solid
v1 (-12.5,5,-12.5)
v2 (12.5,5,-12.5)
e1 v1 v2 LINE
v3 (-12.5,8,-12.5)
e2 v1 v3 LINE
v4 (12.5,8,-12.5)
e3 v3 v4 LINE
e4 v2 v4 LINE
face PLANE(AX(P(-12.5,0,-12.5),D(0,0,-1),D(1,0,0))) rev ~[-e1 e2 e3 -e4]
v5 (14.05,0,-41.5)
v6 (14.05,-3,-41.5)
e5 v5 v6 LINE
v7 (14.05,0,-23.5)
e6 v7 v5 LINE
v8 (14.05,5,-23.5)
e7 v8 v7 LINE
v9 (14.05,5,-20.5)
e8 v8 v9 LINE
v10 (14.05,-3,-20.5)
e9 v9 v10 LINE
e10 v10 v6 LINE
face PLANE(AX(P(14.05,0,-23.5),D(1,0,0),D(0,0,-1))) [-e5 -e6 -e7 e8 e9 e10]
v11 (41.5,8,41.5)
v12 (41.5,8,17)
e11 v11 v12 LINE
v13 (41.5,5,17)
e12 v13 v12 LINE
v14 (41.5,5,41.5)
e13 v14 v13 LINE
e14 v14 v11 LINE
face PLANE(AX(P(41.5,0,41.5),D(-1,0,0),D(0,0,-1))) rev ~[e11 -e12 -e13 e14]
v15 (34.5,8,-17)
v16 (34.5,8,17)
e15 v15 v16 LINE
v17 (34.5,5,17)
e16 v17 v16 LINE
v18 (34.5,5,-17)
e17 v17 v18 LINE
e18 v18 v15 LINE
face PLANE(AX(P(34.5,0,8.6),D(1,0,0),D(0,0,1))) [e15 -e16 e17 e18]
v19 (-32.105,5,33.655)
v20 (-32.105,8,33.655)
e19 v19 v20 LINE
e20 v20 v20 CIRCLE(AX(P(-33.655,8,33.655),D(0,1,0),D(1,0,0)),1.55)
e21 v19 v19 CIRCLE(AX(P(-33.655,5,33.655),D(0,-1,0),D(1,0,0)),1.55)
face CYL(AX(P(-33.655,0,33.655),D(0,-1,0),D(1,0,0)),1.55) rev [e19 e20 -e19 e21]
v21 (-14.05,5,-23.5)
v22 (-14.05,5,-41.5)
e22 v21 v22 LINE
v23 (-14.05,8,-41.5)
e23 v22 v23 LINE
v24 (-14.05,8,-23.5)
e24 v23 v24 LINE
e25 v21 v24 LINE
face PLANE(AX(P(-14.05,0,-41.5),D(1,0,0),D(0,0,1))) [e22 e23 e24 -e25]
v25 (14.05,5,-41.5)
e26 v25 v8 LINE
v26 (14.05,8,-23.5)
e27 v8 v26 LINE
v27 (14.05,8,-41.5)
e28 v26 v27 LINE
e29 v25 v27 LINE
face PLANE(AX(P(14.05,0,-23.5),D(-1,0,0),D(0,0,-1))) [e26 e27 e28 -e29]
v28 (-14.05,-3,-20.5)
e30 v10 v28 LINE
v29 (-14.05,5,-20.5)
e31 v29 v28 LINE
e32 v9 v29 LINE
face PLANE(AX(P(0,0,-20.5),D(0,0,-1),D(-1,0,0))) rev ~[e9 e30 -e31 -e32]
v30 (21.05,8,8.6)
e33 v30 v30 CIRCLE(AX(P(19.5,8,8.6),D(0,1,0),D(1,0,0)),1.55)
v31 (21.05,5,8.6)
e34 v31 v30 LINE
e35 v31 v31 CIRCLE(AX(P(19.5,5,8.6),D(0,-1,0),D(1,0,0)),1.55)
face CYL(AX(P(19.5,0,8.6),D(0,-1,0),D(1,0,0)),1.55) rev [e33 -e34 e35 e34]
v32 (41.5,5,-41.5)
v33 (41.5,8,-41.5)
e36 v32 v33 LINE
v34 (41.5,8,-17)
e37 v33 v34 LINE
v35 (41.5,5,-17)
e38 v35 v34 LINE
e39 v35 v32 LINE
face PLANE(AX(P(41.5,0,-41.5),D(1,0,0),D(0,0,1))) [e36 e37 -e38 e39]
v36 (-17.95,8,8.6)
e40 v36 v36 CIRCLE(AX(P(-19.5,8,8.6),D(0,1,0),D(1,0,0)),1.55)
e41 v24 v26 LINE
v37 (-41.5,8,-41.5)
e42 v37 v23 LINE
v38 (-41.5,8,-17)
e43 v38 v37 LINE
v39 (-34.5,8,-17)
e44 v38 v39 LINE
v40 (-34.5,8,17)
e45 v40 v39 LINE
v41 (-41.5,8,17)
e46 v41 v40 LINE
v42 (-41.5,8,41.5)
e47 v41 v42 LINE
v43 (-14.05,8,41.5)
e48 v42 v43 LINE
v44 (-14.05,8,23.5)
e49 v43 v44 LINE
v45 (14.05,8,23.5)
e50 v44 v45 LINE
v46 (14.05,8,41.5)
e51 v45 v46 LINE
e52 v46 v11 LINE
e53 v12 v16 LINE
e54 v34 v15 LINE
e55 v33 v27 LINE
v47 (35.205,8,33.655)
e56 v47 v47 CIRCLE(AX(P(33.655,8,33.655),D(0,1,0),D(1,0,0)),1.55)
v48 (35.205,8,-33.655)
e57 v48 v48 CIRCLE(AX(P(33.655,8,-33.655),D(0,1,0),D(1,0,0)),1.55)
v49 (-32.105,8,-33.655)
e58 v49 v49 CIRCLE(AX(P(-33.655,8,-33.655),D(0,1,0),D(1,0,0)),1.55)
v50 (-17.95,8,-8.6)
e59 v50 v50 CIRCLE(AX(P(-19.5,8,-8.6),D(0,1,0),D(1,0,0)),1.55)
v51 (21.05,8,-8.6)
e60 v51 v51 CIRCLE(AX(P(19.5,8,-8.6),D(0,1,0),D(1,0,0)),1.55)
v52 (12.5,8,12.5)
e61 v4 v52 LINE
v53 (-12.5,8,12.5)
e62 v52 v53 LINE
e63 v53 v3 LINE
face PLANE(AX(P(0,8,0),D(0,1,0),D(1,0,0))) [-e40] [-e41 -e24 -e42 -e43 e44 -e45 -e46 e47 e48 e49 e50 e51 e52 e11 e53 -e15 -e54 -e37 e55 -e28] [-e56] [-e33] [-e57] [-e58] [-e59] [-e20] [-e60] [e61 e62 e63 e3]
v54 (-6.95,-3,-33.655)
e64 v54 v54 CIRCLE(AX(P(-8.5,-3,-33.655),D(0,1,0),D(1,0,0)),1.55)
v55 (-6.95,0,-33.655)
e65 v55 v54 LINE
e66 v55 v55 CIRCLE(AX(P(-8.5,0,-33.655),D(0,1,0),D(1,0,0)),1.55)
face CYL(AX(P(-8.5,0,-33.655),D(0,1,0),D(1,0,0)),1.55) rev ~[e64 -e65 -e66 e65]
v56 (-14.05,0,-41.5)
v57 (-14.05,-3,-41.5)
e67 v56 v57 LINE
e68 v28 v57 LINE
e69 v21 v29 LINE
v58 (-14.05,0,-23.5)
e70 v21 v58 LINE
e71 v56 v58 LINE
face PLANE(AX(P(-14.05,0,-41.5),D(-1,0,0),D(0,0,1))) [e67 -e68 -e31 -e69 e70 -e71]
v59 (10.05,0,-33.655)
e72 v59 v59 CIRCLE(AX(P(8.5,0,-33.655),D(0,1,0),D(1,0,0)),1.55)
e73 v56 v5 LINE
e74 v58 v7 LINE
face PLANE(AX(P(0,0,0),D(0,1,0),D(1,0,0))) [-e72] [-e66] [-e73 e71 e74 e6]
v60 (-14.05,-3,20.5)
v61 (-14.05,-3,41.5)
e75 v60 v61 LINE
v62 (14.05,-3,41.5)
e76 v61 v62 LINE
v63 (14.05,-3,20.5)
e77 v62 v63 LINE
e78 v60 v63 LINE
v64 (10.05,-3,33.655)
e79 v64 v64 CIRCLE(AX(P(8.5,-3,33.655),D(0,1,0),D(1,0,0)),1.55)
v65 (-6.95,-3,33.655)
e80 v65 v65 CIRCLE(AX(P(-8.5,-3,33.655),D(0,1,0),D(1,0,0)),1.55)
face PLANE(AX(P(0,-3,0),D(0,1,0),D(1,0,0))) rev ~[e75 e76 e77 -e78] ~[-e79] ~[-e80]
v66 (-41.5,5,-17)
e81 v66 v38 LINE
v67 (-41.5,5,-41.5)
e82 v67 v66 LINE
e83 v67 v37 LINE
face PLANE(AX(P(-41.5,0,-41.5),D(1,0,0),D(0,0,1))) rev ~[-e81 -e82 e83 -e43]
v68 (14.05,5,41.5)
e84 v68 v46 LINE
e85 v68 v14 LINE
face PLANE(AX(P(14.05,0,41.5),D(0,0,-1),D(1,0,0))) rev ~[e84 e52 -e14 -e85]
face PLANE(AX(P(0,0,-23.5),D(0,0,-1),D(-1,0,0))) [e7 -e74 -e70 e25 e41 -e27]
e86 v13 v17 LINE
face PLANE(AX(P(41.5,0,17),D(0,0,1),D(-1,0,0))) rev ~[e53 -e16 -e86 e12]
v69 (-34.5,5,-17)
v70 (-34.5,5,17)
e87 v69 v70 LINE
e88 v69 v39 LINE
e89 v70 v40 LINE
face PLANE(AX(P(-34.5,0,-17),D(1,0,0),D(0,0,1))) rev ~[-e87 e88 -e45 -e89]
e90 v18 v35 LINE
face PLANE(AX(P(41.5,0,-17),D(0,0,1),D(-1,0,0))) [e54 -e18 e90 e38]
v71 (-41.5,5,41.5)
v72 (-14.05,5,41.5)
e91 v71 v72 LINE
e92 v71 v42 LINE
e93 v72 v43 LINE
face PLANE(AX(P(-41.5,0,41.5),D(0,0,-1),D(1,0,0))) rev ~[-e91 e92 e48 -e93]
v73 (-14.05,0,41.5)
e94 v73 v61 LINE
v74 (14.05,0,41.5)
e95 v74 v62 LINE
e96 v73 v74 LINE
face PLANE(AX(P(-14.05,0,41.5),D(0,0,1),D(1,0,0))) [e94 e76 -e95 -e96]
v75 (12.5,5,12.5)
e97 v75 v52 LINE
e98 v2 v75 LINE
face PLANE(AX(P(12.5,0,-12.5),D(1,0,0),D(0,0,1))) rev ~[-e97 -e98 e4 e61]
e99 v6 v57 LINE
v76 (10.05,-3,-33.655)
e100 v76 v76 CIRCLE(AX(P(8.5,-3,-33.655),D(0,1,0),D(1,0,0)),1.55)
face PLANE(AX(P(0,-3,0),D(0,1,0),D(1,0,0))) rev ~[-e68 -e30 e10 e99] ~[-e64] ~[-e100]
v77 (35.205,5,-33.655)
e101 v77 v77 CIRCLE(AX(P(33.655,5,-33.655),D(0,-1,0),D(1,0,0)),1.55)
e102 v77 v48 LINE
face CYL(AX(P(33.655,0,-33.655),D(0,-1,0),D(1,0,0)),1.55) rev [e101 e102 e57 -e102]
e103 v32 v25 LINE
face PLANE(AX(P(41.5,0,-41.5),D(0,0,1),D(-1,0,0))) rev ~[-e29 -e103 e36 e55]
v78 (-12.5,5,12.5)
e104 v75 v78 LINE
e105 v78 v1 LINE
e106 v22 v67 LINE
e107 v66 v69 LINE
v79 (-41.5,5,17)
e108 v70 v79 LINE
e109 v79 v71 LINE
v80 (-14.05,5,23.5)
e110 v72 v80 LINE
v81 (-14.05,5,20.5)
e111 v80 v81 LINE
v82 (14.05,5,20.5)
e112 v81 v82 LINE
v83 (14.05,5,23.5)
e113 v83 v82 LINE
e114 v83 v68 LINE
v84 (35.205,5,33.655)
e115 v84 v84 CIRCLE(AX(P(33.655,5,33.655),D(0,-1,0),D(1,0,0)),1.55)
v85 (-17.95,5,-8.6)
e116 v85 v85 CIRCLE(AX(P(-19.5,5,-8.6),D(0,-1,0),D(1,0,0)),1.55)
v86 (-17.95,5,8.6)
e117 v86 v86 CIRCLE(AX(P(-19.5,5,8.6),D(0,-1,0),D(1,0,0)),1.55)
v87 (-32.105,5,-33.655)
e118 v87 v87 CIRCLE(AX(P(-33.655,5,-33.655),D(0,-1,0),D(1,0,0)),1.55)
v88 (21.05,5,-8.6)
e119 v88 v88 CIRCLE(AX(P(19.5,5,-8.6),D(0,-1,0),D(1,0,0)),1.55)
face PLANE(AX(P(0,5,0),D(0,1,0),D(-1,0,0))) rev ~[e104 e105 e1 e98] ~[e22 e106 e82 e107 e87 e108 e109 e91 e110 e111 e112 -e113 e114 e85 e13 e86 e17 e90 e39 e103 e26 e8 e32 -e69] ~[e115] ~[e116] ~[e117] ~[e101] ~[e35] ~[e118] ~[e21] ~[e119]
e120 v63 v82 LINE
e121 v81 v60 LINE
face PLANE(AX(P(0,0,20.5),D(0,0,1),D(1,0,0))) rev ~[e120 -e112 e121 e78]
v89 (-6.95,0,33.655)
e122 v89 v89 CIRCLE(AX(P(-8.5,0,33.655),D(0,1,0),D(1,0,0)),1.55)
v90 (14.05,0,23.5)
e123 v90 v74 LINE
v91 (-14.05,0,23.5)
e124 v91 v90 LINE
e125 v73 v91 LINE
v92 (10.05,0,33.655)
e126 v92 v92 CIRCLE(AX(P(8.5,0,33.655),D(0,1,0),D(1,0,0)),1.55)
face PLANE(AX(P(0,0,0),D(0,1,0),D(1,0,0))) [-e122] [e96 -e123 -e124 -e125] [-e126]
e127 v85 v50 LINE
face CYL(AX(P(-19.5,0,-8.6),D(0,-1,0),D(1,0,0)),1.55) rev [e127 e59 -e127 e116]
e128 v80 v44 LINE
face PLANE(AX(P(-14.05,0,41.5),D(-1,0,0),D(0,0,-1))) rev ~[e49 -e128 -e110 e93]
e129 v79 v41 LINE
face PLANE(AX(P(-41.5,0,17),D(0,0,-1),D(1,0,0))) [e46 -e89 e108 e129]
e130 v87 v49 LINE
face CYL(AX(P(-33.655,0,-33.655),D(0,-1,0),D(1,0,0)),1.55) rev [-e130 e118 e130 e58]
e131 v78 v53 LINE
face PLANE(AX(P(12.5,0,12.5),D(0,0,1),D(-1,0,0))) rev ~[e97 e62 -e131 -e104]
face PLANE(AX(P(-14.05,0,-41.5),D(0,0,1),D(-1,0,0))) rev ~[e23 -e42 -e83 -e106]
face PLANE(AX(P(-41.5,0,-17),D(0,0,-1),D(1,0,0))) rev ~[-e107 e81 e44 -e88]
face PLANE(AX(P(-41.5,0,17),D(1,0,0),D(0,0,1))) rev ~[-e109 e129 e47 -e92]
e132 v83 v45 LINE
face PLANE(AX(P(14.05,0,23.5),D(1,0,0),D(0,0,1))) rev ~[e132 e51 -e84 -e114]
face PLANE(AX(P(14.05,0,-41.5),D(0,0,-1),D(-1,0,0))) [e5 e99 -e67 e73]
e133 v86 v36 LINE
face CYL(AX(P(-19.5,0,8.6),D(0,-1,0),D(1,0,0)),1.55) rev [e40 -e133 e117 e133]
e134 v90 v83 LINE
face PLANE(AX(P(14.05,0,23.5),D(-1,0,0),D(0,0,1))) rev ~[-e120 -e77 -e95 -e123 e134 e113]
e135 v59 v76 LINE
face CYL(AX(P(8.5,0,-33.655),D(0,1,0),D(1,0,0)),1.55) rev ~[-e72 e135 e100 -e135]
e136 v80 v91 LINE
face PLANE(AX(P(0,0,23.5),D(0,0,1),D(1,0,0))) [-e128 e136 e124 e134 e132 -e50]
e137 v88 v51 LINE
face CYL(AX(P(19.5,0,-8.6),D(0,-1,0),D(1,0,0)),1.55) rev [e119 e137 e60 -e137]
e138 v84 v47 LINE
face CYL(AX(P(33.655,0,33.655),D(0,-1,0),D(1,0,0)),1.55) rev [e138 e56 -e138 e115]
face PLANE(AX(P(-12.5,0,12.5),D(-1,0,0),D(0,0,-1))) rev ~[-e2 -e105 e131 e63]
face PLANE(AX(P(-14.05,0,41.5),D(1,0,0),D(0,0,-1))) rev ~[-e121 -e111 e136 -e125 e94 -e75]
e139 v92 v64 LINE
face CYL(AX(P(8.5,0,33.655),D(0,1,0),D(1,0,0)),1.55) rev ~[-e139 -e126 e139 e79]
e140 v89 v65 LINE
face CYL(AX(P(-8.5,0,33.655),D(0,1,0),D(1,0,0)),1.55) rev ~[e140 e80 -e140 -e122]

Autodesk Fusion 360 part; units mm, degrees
sketch "Sketch1" plane through (0, 0, 0) normal (0, 1, 0) x (1, 0, 0)
  line L0 (41.5, 41.5) -> (-41.5, 41.5)
  line L1 (-41.5, -41.5) -> (41.5, -41.5)
  line L2 (-41.5, 41.5) -> (41.5, -41.5) construction
  line L3 (41.5, 41.5) -> (41.5, 17)
  line L4 (41.5, 17) -> (34.5, 17)
  line L5 (-41.5, 41.5) -> (-41.5, 17)
  line L6 (-41.5, 17) -> (-34.5, 17)
  line L7 (-41.5, -17) -> (-34.5, -17)
  line L8 (41.5, -17) -> (34.5, -17)
  line L9 (-34.5, 17) -> (-34.5, -17)
  line L10 (34.5, 17) -> (34.5, -17)
  line L11 (-41.5, 41.5) -> (-41.5, 17)
  line L12 (-41.5, -17) -> (-41.5, -41.5)
  line L13 (-41.5, -41.5) -> (-41.5, -17)
  line L14 (-41.5, 17) -> (-41.5, 41.5)
  line L15 (41.5, -41.5) -> (41.5, -17)
  line L16 (41.5, 17) -> (41.5, 41.5)
  line L17 (41.5, 41.5) -> (41.5, 17)
  line L18 (41.5, -17) -> (41.5, -41.5)
  line L19 (-34.5, 17) -> (-34.5, 8.6)
  line L20 (-34.5, -17) -> (-34.5, -8.6)
  line L21 (34.5, 17) -> (34.5, 8.6)
  line L22 (34.5, -17) -> (34.5, -8.6)
  line L23 (-41.5, 41.5) -> (-33.655, 41.5)
  line L24 (-33.655, 41.5) -> (-41.5, 41.5)
  line L25 (-41.5, 41.5) -> (-41.5, 33.655)
  circle A0 centre (-33.655, 33.655) radius 1.55
  circle A1 centre (33.655, 33.655) radius 1.55
  circle A2 centre (-33.655, -33.655) radius 1.55
  circle A3 centre (33.655, -33.655) radius 1.55
  line L26 (11, 11) -> (-11, -11) construction
  line L27 (-11, 11) -> (11, -11) construction
  line L28 (12.5, -12.5) -> (-12.5, -12.5)
  line L29 (-12.5, -12.5) -> (-12.5, 12.5)
  line L30 (-12.5, 12.5) -> (12.5, 12.5)
  line L31 (12.5, 12.5) -> (12.5, -12.5)
  line L32 (12.5, -12.5) -> (-12.5, 12.5) construction
  line L33 (-12.5, -12.5) -> (12.5, 12.5) construction
  line L34 (-41.5, 41.5) -> (-14.05, 41.5)
  line L35 (-14.05, 41.5) -> (-8.5, 41.5)
  circle A4 centre (-8.5, 33.655) radius 1.55
  circle A5 centre (8.5, 33.655) radius 1.55
  line L36 (-14.05, 41.5) -> (-14.05, 23.5)
  line L37 (-14.05, 23.5) -> (14.05, 23.5)
  line L38 (14.05, 23.5) -> (14.05, 41.5)
  line L39 (-14.05, -23.5) -> (14.05, -23.5)
  circle A6 centre (8.5, -33.655) radius 1.55
  circle A7 centre (-8.5, -33.655) radius 1.55
  line L40 (-14.05, -41.5) -> (-14.05, -23.5)
  line L41 (14.05, -23.5) -> (14.05, -41.5)
  circle A8 centre (-19.5, 8.6) radius 1.55
  circle A9 centre (-19.5, -8.6) radius 1.55
  circle A10 centre (19.5, 8.6) radius 1.55
  circle A11 centre (19.5, -8.6) radius 1.55
  point P0 (-19.5, 8.6)
  point P1 (19.5, 8.6)
  dimension "d1" = 83
  dimension "d2" = 83
  dimension "d31" = 27.45
  dimension "d32" = 5.55
  dimension "d33" = 7.845
  dimension "d34" = 17
  dimension "d35" = 3.1
  dimension "d36" = 3.1
  dimension "d37" = 18
  dimension "d39" = 18
  dimension "d40" = 3.1
extrude "Extrude4" add sketch "Sketch1" along normal blind 8 contours L0 L1 L3 L4 L5 L6 L7 L8 L9 L10 L11 L12 L13 L14 L15 L16 L17 L18 L19 L20 L21 L22 L23 L24 L25 L34 L36 L37 L38 L39 L40 L41 makes body 1
sketch "Sketch2" plane through (0, 8, 0) normal (0, 1, 0) x (-1, 0, 0)
  circle A0 centre (-19.5, -8.6) radius 1.55
  circle A1 centre (33.655, 33.655) radius 1.55
  circle A2 centre (19.5, -8.6) radius 1.55
  circle A3 centre (19.5, 8.6) radius 1.55
  circle A4 centre (-19.5, 8.6) radius 1.55
  line L0 (12.5, -12.5) -> (-12.5, -12.5)
  line L1 (-12.5, -12.5) -> (-12.5, 12.5)
  line L2 (-12.5, 12.5) -> (12.5, 12.5)
  line L3 (12.5, 12.5) -> (12.5, -12.5)
  circle A5 centre (-33.655, -33.655) radius 1.55
  circle A6 centre (33.655, -33.655) radius 1.55
  circle A7 centre (-33.655, 33.655) radius 1.55
  line L4 (41.5, 41.5) -> (14.05, 41.5)
  line L5 (14.05, 41.5) -> (14.05, 23.5)
  line L6 (14.05, 23.5) -> (-14.05, 23.5)
  line L7 (-14.05, 23.5) -> (-14.05, 41.5)
  line L8 (-14.05, 41.5) -> (-41.5, 41.5)
  line L9 (-41.5, 41.5) -> (-41.5, 17)
  line L10 (-41.5, 17) -> (-34.5, 17)
  line L11 (-34.5, 17) -> (-34.5, -17)
  line L12 (-34.5, -17) -> (-41.5, -17)
  line L13 (-41.5, -17) -> (-41.5, -41.5)
  line L14 (-41.5, -41.5) -> (-14.05, -41.5)
  line L15 (-14.05, -41.5) -> (-14.05, -23.5)
  line L16 (-14.05, -23.5) -> (14.05, -23.5)
  line L17 (14.05, -23.5) -> (14.05, -41.5)
  line L18 (14.05, -41.5) -> (41.5, -41.5)
  line L19 (41.5, -41.5) -> (41.5, -17)
  line L20 (41.5, -17) -> (34.5, -17)
  line L21 (34.5, -17) -> (34.5, 17)
  line L22 (34.5, 17) -> (41.5, 17)
  line L23 (41.5, 17) -> (41.5, 41.5)
extrude "Extrude5" cut sketch "Sketch2" against normal blind 3 keep common part bodies 1
sketch "Sketch3" plane through (0, 0, 23.5) normal (0, 0, 1) x (1, 0, 0)
  line L0 (-14.05, 5) -> (14.05, 5)
  line L1 (14.05, 5) -> (14.05, 8)
  line L2 (14.05, 8) -> (-14.05, 8)
  line L3 (-14.05, 8) -> (-14.05, 5)
  line L4 (-14.05, 8) -> (-14.05, 0)
  line L5 (-14.05, 0) -> (14.05, 0)
  line L6 (14.05, 0) -> (14.05, 8)
  line L7 (14.05, 8) -> (-14.05, 8)
  line L8 (-14.05, 8) -> (-14.05, 0)
  line L9 (-14.05, 0) -> (14.05, 0)
  dimension "d47" = 28.1
extrude "Extrude6" add sketch "Sketch3" against normal blind 3 contours L0 L4 L5 L6 L8 L9 bodies 1
extrude "Extrude7" add sketch "Sketch1" against normal blind 3 separate body contours L1 L39 L40 L41 makes body 2
sketch "Sketch4" plane through (0, 0, 23.5) normal (0, 0, 1) x (1, 0, 0)
  line L0 (14.05, 5) -> (14.05, 8)
  line L1 (14.05, 8) -> (-14.05, 8)
  line L2 (-14.05, 8) -> (-14.05, 5)
  line L3 (-14.05, 5) -> (-14.05, 0)
  line L4 (-14.05, 0) -> (14.05, 0)
  line L5 (14.05, 0) -> (14.05, 5)
  line L6 (-14.05, 0) -> (-14.05, -3)
  line L7 (-14.05, -3) -> (14.05, -3)
  line L8 (-14.05, 0) -> (14.05, 0)
  line L9 (14.05, 0) -> (14.05, -3)
  line L10 (14.05, -3) -> (-14.05, -3)
  line L11 (-14.05, -3) -> (-14.05, 0)
  dimension "d52" = 3
  dimension "d53" = 28.1
extrude "Extrude8" add sketch "Sketch4" against normal blind 3 contours L4 L6 L7 L8 L9 L10 L11 bodies 1 2
sketch "Sketch5" plane through (0, 0, -23.5) normal (0, 0, -1) x (-1, 0, 0)
  line L0 (-14.05, 5) -> (14.05, 5)
  line L1 (14.05, 5) -> (14.05, 8)
  line L2 (14.05, 8) -> (-14.05, 8)
  line L3 (-14.05, 8) -> (-14.05, 5)
  line L4 (-14.05, 5) -> (-14.05, -3)
  line L5 (-14.05, -3) -> (14.05, -3)
  line L6 (14.05, -3) -> (-14.05, -3)
  line L7 (-14.05, -3) -> (-14.05, 5)
  line L8 (-14.05, 5) -> (14.05, 5)
  line L9 (14.05, 5) -> (14.05, -3)
  dimension "d56" = 8
  dimension "d57" = 28.1
extrude "Extrude9" add sketch "Sketch5" against normal blind 3 contours L0 L4 L5 L6 L7 L8 L9 bodies 1
extrude "Extrude10" add sketch "Sketch1" against normal blind 3 contours L0 L35 L36 L37 L38 bodies 1
